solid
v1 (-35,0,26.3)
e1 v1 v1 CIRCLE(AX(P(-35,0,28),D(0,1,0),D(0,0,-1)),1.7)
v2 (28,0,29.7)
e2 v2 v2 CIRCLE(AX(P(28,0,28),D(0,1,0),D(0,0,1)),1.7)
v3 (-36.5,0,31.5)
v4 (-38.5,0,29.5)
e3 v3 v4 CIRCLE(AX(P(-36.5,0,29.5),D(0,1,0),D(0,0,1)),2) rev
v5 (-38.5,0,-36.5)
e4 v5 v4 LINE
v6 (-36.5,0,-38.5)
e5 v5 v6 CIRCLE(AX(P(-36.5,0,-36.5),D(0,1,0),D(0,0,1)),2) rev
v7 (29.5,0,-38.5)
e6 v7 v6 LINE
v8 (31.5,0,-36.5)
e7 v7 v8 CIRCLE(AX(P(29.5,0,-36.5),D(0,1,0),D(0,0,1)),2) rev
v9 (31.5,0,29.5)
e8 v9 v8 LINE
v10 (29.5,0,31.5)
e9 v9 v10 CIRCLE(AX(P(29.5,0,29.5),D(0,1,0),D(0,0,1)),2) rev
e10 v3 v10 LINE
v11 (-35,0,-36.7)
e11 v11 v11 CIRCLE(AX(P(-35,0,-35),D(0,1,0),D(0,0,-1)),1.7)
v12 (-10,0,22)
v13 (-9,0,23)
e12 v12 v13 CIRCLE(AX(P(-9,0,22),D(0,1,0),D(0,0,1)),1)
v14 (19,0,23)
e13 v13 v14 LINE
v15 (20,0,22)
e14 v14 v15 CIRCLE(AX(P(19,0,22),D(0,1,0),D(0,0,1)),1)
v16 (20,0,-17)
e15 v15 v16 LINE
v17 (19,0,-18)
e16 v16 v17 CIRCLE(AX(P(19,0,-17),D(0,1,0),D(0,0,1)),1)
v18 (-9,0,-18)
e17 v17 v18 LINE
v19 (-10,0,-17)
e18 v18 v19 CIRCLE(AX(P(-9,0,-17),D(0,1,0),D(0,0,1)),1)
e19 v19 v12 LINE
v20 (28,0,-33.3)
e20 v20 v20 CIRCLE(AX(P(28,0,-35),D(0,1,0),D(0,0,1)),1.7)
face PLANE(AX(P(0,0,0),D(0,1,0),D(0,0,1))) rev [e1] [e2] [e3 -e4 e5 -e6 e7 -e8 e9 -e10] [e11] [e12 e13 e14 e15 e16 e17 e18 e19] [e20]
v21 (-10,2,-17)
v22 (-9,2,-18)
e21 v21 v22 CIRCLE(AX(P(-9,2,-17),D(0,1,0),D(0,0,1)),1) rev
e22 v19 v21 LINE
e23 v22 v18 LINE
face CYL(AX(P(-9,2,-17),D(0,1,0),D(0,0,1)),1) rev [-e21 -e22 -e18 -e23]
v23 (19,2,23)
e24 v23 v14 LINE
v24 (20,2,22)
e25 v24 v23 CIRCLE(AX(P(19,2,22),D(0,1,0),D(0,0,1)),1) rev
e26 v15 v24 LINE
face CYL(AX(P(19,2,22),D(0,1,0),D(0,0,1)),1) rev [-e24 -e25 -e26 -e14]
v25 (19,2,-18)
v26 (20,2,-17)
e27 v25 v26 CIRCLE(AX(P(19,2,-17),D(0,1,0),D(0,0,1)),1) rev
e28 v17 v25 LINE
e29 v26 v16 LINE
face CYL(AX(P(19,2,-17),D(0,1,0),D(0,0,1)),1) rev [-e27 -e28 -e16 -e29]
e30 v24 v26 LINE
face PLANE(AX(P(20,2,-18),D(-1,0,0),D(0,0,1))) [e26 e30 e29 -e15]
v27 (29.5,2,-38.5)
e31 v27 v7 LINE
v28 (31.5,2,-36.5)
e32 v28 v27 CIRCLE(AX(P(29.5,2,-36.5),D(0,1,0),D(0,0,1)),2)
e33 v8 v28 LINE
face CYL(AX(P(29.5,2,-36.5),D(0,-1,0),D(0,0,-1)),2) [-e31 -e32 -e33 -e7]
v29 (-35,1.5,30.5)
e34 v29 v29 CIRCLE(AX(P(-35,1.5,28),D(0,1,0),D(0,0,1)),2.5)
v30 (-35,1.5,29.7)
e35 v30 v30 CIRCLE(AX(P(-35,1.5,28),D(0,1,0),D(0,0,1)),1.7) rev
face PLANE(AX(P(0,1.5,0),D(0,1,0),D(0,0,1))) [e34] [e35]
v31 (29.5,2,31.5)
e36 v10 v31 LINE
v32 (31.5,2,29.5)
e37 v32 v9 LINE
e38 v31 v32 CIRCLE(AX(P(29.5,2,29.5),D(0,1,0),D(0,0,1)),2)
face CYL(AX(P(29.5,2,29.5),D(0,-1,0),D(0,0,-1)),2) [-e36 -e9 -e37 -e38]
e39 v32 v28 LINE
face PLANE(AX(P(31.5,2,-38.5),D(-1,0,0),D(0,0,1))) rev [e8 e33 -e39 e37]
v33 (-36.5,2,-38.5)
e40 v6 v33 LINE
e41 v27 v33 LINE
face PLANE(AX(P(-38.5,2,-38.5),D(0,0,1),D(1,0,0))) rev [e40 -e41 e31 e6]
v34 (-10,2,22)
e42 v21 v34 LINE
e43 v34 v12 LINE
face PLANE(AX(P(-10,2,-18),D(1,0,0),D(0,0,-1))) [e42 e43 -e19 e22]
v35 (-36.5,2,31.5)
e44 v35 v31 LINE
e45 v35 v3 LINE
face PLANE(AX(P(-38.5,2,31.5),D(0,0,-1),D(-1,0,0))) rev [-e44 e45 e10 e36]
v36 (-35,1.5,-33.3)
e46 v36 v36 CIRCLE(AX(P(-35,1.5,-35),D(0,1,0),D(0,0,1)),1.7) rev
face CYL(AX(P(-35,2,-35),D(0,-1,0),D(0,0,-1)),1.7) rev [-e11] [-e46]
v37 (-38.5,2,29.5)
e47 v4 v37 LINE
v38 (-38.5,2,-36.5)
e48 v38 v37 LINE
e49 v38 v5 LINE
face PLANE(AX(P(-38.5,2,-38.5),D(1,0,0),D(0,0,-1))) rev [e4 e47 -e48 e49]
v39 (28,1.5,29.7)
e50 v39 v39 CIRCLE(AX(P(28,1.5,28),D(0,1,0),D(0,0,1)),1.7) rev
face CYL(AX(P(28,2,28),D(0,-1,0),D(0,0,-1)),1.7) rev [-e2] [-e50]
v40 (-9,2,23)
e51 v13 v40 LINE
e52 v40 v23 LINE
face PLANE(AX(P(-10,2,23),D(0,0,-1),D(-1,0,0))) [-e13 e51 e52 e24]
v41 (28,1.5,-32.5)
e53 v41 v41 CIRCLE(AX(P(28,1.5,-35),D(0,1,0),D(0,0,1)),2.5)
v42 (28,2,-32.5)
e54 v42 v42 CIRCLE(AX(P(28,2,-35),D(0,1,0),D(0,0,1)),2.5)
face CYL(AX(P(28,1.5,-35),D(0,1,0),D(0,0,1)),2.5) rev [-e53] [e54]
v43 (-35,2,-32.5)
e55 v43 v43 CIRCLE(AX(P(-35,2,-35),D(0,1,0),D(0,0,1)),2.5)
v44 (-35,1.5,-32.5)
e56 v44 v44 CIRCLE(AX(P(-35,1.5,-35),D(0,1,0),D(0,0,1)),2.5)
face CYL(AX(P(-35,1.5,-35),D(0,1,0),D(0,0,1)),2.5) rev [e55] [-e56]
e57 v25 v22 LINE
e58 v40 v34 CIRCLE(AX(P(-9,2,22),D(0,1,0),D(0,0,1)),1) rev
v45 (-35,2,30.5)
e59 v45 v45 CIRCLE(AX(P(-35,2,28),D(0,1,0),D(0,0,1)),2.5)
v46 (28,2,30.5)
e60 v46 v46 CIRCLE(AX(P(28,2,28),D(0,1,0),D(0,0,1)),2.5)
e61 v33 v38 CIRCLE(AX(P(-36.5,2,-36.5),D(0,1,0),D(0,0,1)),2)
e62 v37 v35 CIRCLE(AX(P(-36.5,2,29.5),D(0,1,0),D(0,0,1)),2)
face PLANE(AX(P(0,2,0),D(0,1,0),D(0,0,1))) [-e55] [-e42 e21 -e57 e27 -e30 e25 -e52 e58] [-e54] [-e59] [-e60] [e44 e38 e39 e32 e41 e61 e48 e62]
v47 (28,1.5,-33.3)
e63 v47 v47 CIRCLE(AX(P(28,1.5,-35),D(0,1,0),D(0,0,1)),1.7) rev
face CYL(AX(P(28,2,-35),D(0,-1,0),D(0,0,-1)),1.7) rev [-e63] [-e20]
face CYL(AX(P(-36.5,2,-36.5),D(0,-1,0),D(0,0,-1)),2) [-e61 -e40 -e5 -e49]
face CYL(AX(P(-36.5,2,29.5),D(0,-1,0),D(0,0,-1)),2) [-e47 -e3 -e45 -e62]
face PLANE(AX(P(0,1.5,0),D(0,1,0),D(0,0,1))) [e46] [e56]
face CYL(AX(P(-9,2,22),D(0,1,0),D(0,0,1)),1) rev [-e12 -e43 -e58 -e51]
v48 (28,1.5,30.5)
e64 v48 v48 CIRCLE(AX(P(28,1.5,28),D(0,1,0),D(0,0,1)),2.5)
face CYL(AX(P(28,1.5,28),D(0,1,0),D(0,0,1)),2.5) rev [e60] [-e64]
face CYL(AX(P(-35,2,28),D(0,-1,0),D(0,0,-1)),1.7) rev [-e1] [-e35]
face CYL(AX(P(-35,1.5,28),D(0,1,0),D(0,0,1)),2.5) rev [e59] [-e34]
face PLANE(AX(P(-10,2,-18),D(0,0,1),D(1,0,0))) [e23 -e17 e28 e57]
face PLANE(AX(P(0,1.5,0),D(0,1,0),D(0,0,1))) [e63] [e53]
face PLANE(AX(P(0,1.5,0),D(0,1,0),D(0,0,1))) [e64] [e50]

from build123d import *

# Parameters (mm, degrees)
SKETCH_1_W          = 70
SKETCH_1_H          = 70
SKETCH_1_R          = 1.7
SKETCH_1_W_2        = 30
SKETCH_1_H_2        = 41
EXTRUDE_1_DEPTH     = 2
FILLET_1_R          = 2
FILLET_2_R          = 1
CUT_EXTRUDE_START   = -0.5
SKETCH_2_R          = 2.5
SKETCH_2_R_2        = 1.7
CUT_EXTRUDE_1_DEPTH = 0.5


with BuildPart() as part:
    # 草图1 → 凸台-拉伸1 (new body)
    with BuildSketch(Plane(origin=(0, 0, 0), x_dir=(1, 0, 0), z_dir=(0, 1, 0))):
        with Locations((-3.5, 3.5)):
            Rectangle(SKETCH_1_W, SKETCH_1_H)
        with Locations(Location((28, -28, 0), (0, 0, 270))):
            Circle(SKETCH_1_R, mode=Mode.SUBTRACT)
        with Locations(Location((28, 35, 0), (0, 0, 270))):
            Circle(SKETCH_1_R, mode=Mode.SUBTRACT)
        with Locations(Location((-35, -28, 0), (0, 0, 90))):
            Circle(SKETCH_1_R, mode=Mode.SUBTRACT)
        with Locations(Location((-35, 35, 0), (0, 0, 90))):
            Circle(SKETCH_1_R, mode=Mode.SUBTRACT)
        with Locations((5, -2.5)):
            Rectangle(SKETCH_1_W_2, SKETCH_1_H_2, mode=Mode.SUBTRACT)
    extrude(amount=EXTRUDE_1_DEPTH)

    # 圆角1
    fillet_1_edges = [part.edges().sort_by_distance(p)[0] for p in [
        (-38.5, 1, -38.5),
        (31.5, 1, -38.5),
        (31.5, 1, 31.5),
        (-38.5, 1, 31.5),
    ]]
    fillet(fillet_1_edges, radius=FILLET_1_R)

    # 圆角2
    fillet_2_edges = [part.edges().sort_by_distance(p)[0] for p in [
        (-10, 1, -18),
        (-10, 1, 23),
        (20, 1, 23),
        (20, 1, -18),
    ]]
    fillet(fillet_2_edges, radius=FILLET_2_R)

    # 草图2 → 切除-拉伸1 (cut)
    # profile 1 of 4: a face of its own
    with BuildSketch(Plane(origin=(0, 2, 0), x_dir=(1, 0, 0), z_dir=(0, 1, 0)).offset(CUT_EXTRUDE_START)):
        with Locations(Location((-35, 35, 0), (0, 0, 270))):
            Circle(SKETCH_2_R)
        with Locations(Location((-35, 35, 0), (0, 0, 90))):
            Circle(SKETCH_2_R_2, mode=Mode.SUBTRACT)
    # profile 2 of 4: a face of its own
    with BuildSketch(Plane(origin=(0, 2, 0), x_dir=(1, 0, 0), z_dir=(0, 1, 0)).offset(CUT_EXTRUDE_START)):
        with Locations(Location((28, 35, 0), (0, 0, 270))):
            Circle(SKETCH_2_R)
        with Locations(Location((28, 35, 0), (0, 0, 270))):
            Circle(SKETCH_2_R_2, mode=Mode.SUBTRACT)
    # profile 3 of 4: a face of its own
    with BuildSketch(Plane(origin=(0, 2, 0), x_dir=(1, 0, 0), z_dir=(0, 1, 0)).offset(CUT_EXTRUDE_START)):
        with Locations(Location((28, -28, 0), (0, 0, 270))):
            Circle(SKETCH_2_R)
        with Locations(Location((28, -28, 0), (0, 0, 270))):
            Circle(SKETCH_2_R_2, mode=Mode.SUBTRACT)
    # profile 4 of 4: a face of its own
    with BuildSketch(Plane(origin=(0, 2, 0), x_dir=(1, 0, 0), z_dir=(0, 1, 0)).offset(CUT_EXTRUDE_START)):
        with Locations(Location((-35, -28, 0), (0, 0, 270))):
            Circle(SKETCH_2_R)
        with Locations(Location((-35, -28, 0), (0, 0, 90))):
            Circle(SKETCH_2_R_2, mode=Mode.SUBTRACT)
    extrude(amount=CUT_EXTRUDE_1_DEPTH, mode=Mode.SUBTRACT)


solid = part.part
